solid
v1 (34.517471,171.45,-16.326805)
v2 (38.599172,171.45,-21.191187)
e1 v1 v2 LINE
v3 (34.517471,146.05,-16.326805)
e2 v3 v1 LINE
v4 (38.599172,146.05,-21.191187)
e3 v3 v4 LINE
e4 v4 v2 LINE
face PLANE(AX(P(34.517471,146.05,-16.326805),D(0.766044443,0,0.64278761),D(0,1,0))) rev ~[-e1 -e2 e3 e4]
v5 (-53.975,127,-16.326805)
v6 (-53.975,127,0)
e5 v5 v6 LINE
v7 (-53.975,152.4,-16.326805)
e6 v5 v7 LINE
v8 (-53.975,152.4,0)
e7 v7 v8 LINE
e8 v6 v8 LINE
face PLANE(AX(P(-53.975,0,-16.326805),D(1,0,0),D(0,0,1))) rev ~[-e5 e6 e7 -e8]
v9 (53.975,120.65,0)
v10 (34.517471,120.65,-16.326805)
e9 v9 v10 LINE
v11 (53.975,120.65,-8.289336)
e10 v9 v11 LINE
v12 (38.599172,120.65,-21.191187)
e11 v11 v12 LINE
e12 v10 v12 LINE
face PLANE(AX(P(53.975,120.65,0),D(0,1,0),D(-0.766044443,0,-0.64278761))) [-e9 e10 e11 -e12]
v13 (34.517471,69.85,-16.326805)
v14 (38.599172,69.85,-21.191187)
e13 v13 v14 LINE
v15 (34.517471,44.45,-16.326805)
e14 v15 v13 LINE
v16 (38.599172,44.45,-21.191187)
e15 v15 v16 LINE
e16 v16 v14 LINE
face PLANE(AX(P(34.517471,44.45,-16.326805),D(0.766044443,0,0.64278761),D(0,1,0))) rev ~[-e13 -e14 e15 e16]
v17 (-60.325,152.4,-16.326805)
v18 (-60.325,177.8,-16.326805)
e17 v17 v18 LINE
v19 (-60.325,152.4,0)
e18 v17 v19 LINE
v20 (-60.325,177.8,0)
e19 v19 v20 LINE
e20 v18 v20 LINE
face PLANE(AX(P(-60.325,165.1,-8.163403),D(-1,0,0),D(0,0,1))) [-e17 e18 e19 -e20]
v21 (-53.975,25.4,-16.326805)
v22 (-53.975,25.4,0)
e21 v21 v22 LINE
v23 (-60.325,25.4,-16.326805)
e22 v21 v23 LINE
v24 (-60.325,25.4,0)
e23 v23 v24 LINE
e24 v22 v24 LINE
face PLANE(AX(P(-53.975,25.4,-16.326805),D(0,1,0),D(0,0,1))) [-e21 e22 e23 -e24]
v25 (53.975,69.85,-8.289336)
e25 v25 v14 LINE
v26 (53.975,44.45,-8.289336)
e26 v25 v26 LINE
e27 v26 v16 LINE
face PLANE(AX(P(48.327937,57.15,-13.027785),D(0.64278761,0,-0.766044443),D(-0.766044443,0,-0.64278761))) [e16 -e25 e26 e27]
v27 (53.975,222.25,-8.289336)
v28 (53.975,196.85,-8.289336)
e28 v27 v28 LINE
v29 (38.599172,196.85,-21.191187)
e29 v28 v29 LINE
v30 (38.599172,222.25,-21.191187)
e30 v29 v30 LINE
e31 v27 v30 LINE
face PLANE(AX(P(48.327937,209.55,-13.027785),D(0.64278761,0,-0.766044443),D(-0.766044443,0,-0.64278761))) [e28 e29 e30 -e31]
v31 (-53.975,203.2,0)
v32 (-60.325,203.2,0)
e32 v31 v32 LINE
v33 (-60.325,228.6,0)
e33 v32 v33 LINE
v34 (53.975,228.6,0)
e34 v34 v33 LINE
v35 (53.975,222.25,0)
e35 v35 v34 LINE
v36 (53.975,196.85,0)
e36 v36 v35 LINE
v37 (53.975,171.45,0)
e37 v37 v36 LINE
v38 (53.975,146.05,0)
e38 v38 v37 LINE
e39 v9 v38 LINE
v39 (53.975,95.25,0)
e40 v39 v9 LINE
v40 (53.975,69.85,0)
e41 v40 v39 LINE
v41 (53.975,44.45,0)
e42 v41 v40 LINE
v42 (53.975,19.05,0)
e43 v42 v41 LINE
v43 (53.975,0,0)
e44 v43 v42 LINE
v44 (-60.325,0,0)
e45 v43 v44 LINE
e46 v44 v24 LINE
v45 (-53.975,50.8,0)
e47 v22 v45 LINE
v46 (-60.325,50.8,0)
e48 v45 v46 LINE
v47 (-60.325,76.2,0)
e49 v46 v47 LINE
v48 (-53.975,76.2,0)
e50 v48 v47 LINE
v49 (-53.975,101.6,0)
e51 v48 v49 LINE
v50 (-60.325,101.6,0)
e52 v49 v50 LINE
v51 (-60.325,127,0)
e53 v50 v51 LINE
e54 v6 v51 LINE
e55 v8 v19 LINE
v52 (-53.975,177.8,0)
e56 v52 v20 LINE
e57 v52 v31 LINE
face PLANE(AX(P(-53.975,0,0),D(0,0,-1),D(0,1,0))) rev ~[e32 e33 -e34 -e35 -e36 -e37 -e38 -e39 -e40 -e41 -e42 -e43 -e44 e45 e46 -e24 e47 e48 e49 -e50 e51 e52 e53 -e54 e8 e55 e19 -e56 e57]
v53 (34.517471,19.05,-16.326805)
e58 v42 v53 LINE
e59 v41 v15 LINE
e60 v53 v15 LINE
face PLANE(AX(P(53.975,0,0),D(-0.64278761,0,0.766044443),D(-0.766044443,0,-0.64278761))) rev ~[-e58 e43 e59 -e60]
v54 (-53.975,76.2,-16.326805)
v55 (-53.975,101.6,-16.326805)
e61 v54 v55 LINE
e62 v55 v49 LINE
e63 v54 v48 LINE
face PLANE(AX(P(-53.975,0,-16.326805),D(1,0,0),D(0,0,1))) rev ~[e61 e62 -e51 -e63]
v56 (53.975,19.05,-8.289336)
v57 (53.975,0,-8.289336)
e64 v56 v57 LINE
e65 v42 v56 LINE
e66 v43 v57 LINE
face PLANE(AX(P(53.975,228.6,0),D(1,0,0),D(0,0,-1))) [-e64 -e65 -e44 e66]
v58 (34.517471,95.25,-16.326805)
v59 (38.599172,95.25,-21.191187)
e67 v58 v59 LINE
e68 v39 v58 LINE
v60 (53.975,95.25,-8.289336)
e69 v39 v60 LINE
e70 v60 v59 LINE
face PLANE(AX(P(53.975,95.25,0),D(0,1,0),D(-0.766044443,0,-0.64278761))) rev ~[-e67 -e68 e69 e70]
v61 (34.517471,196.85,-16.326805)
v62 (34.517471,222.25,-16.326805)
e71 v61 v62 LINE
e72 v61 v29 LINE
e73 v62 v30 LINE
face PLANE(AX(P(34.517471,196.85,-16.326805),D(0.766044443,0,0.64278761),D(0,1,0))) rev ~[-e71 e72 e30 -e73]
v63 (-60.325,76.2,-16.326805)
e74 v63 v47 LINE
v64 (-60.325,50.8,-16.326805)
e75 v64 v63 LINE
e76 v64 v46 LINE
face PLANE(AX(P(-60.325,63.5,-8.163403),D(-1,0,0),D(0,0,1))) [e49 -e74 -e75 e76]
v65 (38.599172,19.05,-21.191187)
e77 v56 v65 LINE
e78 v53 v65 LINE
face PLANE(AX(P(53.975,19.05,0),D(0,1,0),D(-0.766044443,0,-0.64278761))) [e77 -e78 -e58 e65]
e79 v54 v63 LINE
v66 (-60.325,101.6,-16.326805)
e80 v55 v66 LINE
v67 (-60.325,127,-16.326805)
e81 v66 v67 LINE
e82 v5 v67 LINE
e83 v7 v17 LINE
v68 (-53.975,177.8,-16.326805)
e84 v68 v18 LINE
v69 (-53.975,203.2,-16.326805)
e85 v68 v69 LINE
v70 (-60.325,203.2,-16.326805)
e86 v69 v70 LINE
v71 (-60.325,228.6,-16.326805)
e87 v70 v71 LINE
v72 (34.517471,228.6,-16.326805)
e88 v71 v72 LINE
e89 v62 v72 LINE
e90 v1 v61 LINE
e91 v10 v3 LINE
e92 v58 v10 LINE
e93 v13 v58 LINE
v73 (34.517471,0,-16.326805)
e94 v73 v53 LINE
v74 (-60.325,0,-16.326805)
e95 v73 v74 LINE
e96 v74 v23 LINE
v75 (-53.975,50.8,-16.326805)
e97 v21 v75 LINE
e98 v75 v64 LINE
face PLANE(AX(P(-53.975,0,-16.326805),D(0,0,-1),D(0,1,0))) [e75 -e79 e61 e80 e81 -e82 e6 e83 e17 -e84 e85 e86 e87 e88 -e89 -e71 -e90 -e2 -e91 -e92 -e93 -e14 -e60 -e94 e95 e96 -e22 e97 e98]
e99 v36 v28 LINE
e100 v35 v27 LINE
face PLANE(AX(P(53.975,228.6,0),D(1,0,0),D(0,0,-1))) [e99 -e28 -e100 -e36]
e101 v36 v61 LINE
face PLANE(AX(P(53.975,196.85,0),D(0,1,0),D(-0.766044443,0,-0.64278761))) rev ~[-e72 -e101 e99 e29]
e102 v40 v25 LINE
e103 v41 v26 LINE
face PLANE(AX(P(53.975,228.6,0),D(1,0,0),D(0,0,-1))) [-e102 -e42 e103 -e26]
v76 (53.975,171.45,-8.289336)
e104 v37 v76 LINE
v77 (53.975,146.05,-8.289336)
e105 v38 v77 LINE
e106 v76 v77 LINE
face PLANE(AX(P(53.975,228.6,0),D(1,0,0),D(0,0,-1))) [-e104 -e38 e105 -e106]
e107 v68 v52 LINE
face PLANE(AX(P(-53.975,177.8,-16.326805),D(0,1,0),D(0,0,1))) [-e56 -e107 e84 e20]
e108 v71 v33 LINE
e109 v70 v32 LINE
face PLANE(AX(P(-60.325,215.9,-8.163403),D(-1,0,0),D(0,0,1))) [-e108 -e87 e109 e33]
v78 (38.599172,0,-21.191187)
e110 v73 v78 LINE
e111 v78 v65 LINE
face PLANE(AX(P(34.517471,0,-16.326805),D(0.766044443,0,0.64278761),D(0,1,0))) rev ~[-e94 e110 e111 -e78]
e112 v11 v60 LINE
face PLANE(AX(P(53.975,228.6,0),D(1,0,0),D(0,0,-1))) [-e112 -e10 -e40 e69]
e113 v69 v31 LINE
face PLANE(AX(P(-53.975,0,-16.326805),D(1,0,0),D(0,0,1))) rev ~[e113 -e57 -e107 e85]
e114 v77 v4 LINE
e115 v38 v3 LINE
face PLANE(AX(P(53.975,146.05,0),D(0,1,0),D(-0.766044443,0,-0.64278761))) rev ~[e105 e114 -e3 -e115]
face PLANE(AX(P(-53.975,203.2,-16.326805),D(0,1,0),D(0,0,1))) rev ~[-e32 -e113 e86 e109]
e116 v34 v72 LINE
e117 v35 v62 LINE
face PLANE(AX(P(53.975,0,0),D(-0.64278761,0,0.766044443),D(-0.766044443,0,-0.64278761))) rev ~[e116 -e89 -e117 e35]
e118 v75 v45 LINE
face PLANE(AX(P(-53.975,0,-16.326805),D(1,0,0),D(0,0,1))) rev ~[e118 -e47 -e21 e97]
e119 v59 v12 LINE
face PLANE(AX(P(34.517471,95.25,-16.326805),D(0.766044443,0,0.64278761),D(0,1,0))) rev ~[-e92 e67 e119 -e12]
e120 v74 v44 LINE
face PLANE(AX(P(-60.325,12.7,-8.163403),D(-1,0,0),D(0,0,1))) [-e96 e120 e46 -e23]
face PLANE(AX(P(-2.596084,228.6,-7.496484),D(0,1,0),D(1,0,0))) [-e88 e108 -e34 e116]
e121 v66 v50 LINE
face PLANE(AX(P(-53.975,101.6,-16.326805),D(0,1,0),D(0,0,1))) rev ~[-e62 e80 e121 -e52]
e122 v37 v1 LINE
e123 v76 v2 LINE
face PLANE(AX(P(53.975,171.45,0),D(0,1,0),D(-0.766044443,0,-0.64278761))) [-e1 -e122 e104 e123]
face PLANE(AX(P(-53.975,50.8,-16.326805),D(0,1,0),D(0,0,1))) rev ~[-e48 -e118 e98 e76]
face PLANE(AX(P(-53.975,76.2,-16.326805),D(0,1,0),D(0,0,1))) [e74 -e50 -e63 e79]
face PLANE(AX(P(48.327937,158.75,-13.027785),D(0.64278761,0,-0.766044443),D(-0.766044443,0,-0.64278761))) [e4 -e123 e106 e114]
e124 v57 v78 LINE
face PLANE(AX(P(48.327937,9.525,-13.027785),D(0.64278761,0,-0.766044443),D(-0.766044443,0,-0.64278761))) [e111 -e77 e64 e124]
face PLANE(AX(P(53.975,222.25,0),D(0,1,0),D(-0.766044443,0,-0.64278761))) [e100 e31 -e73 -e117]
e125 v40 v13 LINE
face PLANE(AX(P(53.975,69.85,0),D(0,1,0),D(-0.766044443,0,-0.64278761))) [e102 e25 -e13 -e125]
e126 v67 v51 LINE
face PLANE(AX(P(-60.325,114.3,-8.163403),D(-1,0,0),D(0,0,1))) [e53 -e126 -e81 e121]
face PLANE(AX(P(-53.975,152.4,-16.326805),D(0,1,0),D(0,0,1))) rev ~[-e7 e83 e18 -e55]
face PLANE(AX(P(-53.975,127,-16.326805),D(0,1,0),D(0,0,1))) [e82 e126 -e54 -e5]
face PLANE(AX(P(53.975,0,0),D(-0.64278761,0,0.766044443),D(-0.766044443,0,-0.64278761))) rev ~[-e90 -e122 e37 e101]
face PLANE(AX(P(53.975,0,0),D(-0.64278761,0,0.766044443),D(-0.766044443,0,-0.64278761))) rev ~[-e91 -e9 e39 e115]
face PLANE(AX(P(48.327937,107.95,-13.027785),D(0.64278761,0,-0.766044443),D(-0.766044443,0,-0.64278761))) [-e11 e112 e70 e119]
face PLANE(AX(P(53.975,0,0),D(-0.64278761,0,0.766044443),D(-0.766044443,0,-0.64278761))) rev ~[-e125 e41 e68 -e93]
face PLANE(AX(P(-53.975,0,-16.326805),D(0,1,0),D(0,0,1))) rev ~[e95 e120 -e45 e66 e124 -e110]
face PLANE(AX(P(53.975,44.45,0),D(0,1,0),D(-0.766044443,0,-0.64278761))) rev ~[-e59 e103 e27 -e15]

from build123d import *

# Parameters (mm, degrees)
BOSS_EXTRUDE1_DEPTH = 228.6
SKETCH2_W           = 25.4
SKETCH2_H           = 25.4
SKETCH2_H_2         = 19.05
BOSS_EXTRUDE2_DEPTH = 6.35
SKETCH3_W           = 25.4
SKETCH3_H           = 25.4
CUT_EXTRUDE1_DEPTH  = 228.6
SKETCH4_W           = 16.326805286
SKETCH4_H           = 25.4
BOSS_EXTRUDE3_DEPTH = 6.35


with BuildPart() as part:
    # Sketch1 → Boss-Extrude1 (new body)
    with BuildSketch(Plane(origin=(0, 0, 0), x_dir=(1, 0, 0), z_dir=(0, 1, 0))):
        Polygon((-53.975, 0), (53.975, 0), (34.517471145, 16.326805286), (-53.975, 16.326805286), align=None)
    extrude(amount=BOSS_EXTRUDE1_DEPTH)

    # Sketch2 → Boss-Extrude2 (add)
    with BuildSketch(Plane(origin=(22.301169805, 0, -26.577499234), x_dir=(-0.7660444431189819, 0, -0.6427876096865348), z_dir=(0.6427876096865348, 0, -0.7660444431189819))):
        with Locations((-28.647248817, 209.55)):
            Rectangle(SKETCH2_W, SKETCH2_H)
        with Locations((-28.647248817, 158.75)):
            Rectangle(SKETCH2_W, SKETCH2_H)
        with Locations((-28.647248817, 107.95)):
            Rectangle(SKETCH2_W, SKETCH2_H)
        with Locations((-28.647248817, 57.15)):
            Rectangle(SKETCH2_W, SKETCH2_H)
        with Locations((-28.647248817, 9.525)):
            Rectangle(SKETCH2_W, SKETCH2_H_2)
    extrude(amount=BOSS_EXTRUDE2_DEPTH)

    # Sketch3 → Cut-Extrude1 (cut)
    with BuildSketch(Plane(origin=(0, 228.6, 0), x_dir=(1, 0, 0), z_dir=(0, 1, 0))):
        with Locations((66.675, 12.7)):
            Rectangle(SKETCH3_W, SKETCH3_H)
    extrude(amount=-CUT_EXTRUDE1_DEPTH, mode=Mode.SUBTRACT)

    # Sketch4 → Boss-Extrude3 (add)
    with BuildSketch(Plane.ZY.offset(53.975)):
        with Locations((-8.163402643, 12.7)):
            Rectangle(SKETCH4_W, SKETCH4_H)
        with Locations((-8.163402643, 63.5)):
            Rectangle(SKETCH4_W, SKETCH4_H)
        with Locations((-8.163402643, 114.3)):
            Rectangle(SKETCH4_W, SKETCH4_H)
        with Locations((-8.163402643, 165.1)):
            Rectangle(SKETCH4_W, SKETCH4_H)
        with Locations((-8.163402643, 215.9)):
            Rectangle(SKETCH4_W, SKETCH4_H)
    extrude(amount=BOSS_EXTRUDE3_DEPTH)


solid = part.part
